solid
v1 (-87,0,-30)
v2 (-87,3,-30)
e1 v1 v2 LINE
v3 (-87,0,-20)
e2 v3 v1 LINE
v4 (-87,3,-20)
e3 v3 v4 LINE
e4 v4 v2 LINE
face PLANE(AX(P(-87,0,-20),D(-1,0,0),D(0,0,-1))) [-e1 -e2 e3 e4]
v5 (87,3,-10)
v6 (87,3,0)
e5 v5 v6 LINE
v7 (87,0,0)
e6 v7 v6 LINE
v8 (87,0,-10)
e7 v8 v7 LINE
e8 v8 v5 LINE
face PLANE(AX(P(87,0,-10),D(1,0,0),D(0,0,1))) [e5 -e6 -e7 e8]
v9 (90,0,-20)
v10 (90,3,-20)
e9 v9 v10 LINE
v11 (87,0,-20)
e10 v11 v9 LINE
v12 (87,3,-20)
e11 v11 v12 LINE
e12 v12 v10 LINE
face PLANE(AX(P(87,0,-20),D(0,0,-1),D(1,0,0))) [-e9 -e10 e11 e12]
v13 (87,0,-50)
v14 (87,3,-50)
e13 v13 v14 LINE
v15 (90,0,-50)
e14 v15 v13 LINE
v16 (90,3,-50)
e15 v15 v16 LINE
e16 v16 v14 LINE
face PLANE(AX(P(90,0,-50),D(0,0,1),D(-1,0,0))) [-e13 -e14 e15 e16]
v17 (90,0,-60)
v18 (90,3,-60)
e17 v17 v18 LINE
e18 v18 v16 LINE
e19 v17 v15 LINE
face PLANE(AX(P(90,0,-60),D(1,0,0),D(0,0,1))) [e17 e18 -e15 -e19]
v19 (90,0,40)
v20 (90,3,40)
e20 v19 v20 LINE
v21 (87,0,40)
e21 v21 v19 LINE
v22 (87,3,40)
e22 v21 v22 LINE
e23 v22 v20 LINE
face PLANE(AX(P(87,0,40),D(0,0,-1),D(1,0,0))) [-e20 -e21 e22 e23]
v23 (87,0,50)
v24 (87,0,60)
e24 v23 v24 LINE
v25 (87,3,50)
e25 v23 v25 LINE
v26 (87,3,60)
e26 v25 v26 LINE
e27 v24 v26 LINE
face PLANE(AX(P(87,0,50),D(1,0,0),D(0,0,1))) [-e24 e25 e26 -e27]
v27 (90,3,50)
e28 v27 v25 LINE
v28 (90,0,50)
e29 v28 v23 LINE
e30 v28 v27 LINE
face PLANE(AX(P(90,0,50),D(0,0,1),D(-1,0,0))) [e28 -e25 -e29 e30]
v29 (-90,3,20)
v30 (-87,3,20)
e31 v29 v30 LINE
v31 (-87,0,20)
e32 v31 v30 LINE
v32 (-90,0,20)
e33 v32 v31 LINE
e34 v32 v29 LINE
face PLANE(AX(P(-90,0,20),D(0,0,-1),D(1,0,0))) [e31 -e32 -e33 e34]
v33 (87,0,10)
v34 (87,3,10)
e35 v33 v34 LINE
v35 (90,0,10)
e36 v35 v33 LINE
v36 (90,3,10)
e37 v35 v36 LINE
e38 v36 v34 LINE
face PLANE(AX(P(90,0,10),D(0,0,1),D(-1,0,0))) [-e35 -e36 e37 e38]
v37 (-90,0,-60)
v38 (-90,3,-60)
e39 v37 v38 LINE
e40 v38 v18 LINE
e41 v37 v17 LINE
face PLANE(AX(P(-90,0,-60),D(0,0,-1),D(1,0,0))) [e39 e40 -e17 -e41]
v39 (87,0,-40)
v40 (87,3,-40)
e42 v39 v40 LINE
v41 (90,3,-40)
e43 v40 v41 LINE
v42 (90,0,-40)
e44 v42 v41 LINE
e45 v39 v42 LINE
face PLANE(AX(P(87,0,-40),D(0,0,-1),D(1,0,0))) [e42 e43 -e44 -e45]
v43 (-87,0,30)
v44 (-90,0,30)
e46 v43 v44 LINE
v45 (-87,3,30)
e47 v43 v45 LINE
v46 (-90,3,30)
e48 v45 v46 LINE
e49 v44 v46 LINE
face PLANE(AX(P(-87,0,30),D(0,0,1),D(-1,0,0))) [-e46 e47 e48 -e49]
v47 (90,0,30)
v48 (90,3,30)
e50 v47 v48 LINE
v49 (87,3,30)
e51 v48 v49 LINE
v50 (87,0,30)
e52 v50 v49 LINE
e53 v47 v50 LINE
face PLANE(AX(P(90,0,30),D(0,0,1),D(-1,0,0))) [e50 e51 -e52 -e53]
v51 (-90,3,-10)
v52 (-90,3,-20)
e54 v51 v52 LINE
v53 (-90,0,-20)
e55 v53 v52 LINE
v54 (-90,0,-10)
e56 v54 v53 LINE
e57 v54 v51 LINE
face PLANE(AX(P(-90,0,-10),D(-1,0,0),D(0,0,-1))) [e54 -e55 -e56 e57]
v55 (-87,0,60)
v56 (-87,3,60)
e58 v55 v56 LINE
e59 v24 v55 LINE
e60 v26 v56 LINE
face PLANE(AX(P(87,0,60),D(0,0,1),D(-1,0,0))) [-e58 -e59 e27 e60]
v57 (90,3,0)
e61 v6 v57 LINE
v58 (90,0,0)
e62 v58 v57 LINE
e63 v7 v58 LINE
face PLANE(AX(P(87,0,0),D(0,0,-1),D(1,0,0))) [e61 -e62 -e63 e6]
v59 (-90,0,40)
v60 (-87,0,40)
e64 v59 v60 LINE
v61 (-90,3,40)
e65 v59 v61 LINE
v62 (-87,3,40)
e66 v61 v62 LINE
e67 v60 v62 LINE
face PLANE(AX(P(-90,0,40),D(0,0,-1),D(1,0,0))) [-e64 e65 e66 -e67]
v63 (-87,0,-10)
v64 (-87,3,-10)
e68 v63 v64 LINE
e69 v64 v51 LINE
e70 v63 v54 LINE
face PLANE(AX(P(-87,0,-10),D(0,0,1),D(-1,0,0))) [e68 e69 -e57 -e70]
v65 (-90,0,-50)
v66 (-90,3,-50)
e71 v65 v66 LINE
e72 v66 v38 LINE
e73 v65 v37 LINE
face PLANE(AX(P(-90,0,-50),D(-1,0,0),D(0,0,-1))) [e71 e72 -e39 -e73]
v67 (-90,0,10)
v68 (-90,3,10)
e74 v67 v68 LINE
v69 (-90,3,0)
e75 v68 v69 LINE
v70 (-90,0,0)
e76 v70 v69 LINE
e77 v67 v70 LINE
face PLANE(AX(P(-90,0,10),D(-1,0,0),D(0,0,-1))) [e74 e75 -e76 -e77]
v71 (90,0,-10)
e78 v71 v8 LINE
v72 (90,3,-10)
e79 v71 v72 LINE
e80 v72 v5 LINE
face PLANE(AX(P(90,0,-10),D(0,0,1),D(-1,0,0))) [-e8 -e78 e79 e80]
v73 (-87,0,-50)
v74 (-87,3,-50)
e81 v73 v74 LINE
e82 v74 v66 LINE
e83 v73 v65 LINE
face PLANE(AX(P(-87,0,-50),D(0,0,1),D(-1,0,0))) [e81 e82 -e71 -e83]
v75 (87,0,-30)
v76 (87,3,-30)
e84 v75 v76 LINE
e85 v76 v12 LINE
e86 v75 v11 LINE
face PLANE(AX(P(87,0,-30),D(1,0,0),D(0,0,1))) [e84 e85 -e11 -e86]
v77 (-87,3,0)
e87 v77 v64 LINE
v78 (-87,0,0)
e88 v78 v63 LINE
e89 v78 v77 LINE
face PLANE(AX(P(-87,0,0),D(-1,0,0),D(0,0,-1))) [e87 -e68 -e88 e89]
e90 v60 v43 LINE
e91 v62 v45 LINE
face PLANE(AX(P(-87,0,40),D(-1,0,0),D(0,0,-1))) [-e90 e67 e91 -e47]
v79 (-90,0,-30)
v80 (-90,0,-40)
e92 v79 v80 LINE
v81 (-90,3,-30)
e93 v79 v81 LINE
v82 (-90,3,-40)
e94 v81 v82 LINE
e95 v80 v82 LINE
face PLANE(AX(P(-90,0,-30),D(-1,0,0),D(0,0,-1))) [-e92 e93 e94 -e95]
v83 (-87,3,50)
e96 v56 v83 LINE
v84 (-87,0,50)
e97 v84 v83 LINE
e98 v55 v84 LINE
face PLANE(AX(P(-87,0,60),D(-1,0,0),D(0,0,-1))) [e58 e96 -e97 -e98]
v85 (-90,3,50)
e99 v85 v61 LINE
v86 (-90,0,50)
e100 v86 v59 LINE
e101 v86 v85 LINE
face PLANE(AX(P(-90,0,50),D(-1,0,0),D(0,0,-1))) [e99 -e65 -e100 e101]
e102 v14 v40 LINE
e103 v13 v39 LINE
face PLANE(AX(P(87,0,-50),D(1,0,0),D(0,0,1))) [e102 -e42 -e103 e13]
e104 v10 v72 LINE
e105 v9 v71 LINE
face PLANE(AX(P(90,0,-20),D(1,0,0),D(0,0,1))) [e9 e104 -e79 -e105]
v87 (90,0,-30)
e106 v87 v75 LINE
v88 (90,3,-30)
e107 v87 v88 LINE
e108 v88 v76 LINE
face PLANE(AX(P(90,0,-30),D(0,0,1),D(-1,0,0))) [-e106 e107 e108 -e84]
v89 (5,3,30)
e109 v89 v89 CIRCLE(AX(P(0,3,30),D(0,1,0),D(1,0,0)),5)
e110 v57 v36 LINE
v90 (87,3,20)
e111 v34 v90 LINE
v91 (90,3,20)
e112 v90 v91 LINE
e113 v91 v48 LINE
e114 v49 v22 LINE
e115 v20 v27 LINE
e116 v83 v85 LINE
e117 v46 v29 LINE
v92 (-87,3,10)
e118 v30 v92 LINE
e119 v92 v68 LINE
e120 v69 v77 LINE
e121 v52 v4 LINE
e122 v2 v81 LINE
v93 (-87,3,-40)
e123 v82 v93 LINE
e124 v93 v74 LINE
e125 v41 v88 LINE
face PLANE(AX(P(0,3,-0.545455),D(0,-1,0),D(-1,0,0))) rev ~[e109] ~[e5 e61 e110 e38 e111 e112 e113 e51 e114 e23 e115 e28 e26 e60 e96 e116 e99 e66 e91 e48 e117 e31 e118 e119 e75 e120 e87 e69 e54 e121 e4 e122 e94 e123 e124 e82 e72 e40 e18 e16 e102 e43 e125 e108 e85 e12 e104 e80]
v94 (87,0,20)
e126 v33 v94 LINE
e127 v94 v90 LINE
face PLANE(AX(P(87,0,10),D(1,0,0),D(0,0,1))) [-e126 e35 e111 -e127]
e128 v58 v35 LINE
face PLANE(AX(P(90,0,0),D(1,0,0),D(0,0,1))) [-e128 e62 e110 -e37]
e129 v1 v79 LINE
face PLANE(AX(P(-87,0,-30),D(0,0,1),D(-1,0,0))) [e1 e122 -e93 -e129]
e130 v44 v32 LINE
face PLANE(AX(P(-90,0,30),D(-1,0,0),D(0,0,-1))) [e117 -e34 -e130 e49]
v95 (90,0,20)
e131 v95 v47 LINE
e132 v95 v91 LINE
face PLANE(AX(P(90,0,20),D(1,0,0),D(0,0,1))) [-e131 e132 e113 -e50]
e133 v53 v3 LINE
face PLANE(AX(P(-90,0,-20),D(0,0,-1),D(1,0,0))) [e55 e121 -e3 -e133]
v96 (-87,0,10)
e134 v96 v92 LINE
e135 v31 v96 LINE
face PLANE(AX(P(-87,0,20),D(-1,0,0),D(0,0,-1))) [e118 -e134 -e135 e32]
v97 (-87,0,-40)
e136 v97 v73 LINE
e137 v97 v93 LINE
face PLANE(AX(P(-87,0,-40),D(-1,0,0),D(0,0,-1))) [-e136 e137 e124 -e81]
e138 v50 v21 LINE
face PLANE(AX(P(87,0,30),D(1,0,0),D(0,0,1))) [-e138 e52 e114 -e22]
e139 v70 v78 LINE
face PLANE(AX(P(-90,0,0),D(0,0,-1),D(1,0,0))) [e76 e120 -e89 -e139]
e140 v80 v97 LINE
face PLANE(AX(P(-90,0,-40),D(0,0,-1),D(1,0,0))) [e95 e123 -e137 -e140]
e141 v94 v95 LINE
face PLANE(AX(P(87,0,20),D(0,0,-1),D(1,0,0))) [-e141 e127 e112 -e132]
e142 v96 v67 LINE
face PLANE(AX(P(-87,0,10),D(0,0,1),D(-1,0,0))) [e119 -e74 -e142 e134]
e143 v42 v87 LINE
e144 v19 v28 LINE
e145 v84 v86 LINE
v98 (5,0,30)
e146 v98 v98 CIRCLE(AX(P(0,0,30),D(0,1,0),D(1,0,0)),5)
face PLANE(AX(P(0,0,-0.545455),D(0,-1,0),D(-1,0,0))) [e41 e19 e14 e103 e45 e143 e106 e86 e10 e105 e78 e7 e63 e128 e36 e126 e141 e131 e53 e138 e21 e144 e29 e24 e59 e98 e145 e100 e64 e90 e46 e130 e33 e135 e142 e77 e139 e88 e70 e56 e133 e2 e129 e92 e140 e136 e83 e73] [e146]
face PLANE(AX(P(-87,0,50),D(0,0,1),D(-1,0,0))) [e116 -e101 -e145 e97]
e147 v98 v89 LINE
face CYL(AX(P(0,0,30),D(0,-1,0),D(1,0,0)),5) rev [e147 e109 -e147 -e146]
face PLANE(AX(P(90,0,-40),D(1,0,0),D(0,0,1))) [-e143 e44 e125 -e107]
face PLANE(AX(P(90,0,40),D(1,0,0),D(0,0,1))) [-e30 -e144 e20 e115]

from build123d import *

# Parameters (mm, degrees)
ESQUISSE1_R        = 5
BOSS_EXTRU_1_DEPTH = 3


with BuildPart() as part:
    # Esquisse1 → Boss.-Extru.1 (new body)
    with BuildSketch(Plane(origin=(0, 0, 0), x_dir=(1, 0, 0), z_dir=(0, 1, 0))):
        Polygon((-90, 60), (90, 60), (90, 50), (87, 50), (87, 40), (90, 40), (90, 30), (87, 30), (87, 20), (90, 20), (90, 10), (87, 10), (87, 0), (90, 0), (90, -10), (87, -10), (87, -20), (90, -20), (90, -30), (87, -30), (87, -40), (90, -40), (90, -50), (87, -50), (87, -60), (-87, -60), (-87, -50), (-90, -50), (-90, -40), (-87, -40), (-87, -30), (-90, -30), (-90, -20), (-87, -20), (-87, -10), (-90, -10), (-90, 0), (-87, 0), (-87, 10), (-90, 10), (-90, 20), (-87, 20), (-87, 30), (-90, 30), (-90, 40), (-87, 40), (-87, 50), (-90, 50), align=None)
        with Locations((0, -30)):
            Circle(ESQUISSE1_R, mode=Mode.SUBTRACT)
    extrude(amount=BOSS_EXTRU_1_DEPTH)


solid = part.part
